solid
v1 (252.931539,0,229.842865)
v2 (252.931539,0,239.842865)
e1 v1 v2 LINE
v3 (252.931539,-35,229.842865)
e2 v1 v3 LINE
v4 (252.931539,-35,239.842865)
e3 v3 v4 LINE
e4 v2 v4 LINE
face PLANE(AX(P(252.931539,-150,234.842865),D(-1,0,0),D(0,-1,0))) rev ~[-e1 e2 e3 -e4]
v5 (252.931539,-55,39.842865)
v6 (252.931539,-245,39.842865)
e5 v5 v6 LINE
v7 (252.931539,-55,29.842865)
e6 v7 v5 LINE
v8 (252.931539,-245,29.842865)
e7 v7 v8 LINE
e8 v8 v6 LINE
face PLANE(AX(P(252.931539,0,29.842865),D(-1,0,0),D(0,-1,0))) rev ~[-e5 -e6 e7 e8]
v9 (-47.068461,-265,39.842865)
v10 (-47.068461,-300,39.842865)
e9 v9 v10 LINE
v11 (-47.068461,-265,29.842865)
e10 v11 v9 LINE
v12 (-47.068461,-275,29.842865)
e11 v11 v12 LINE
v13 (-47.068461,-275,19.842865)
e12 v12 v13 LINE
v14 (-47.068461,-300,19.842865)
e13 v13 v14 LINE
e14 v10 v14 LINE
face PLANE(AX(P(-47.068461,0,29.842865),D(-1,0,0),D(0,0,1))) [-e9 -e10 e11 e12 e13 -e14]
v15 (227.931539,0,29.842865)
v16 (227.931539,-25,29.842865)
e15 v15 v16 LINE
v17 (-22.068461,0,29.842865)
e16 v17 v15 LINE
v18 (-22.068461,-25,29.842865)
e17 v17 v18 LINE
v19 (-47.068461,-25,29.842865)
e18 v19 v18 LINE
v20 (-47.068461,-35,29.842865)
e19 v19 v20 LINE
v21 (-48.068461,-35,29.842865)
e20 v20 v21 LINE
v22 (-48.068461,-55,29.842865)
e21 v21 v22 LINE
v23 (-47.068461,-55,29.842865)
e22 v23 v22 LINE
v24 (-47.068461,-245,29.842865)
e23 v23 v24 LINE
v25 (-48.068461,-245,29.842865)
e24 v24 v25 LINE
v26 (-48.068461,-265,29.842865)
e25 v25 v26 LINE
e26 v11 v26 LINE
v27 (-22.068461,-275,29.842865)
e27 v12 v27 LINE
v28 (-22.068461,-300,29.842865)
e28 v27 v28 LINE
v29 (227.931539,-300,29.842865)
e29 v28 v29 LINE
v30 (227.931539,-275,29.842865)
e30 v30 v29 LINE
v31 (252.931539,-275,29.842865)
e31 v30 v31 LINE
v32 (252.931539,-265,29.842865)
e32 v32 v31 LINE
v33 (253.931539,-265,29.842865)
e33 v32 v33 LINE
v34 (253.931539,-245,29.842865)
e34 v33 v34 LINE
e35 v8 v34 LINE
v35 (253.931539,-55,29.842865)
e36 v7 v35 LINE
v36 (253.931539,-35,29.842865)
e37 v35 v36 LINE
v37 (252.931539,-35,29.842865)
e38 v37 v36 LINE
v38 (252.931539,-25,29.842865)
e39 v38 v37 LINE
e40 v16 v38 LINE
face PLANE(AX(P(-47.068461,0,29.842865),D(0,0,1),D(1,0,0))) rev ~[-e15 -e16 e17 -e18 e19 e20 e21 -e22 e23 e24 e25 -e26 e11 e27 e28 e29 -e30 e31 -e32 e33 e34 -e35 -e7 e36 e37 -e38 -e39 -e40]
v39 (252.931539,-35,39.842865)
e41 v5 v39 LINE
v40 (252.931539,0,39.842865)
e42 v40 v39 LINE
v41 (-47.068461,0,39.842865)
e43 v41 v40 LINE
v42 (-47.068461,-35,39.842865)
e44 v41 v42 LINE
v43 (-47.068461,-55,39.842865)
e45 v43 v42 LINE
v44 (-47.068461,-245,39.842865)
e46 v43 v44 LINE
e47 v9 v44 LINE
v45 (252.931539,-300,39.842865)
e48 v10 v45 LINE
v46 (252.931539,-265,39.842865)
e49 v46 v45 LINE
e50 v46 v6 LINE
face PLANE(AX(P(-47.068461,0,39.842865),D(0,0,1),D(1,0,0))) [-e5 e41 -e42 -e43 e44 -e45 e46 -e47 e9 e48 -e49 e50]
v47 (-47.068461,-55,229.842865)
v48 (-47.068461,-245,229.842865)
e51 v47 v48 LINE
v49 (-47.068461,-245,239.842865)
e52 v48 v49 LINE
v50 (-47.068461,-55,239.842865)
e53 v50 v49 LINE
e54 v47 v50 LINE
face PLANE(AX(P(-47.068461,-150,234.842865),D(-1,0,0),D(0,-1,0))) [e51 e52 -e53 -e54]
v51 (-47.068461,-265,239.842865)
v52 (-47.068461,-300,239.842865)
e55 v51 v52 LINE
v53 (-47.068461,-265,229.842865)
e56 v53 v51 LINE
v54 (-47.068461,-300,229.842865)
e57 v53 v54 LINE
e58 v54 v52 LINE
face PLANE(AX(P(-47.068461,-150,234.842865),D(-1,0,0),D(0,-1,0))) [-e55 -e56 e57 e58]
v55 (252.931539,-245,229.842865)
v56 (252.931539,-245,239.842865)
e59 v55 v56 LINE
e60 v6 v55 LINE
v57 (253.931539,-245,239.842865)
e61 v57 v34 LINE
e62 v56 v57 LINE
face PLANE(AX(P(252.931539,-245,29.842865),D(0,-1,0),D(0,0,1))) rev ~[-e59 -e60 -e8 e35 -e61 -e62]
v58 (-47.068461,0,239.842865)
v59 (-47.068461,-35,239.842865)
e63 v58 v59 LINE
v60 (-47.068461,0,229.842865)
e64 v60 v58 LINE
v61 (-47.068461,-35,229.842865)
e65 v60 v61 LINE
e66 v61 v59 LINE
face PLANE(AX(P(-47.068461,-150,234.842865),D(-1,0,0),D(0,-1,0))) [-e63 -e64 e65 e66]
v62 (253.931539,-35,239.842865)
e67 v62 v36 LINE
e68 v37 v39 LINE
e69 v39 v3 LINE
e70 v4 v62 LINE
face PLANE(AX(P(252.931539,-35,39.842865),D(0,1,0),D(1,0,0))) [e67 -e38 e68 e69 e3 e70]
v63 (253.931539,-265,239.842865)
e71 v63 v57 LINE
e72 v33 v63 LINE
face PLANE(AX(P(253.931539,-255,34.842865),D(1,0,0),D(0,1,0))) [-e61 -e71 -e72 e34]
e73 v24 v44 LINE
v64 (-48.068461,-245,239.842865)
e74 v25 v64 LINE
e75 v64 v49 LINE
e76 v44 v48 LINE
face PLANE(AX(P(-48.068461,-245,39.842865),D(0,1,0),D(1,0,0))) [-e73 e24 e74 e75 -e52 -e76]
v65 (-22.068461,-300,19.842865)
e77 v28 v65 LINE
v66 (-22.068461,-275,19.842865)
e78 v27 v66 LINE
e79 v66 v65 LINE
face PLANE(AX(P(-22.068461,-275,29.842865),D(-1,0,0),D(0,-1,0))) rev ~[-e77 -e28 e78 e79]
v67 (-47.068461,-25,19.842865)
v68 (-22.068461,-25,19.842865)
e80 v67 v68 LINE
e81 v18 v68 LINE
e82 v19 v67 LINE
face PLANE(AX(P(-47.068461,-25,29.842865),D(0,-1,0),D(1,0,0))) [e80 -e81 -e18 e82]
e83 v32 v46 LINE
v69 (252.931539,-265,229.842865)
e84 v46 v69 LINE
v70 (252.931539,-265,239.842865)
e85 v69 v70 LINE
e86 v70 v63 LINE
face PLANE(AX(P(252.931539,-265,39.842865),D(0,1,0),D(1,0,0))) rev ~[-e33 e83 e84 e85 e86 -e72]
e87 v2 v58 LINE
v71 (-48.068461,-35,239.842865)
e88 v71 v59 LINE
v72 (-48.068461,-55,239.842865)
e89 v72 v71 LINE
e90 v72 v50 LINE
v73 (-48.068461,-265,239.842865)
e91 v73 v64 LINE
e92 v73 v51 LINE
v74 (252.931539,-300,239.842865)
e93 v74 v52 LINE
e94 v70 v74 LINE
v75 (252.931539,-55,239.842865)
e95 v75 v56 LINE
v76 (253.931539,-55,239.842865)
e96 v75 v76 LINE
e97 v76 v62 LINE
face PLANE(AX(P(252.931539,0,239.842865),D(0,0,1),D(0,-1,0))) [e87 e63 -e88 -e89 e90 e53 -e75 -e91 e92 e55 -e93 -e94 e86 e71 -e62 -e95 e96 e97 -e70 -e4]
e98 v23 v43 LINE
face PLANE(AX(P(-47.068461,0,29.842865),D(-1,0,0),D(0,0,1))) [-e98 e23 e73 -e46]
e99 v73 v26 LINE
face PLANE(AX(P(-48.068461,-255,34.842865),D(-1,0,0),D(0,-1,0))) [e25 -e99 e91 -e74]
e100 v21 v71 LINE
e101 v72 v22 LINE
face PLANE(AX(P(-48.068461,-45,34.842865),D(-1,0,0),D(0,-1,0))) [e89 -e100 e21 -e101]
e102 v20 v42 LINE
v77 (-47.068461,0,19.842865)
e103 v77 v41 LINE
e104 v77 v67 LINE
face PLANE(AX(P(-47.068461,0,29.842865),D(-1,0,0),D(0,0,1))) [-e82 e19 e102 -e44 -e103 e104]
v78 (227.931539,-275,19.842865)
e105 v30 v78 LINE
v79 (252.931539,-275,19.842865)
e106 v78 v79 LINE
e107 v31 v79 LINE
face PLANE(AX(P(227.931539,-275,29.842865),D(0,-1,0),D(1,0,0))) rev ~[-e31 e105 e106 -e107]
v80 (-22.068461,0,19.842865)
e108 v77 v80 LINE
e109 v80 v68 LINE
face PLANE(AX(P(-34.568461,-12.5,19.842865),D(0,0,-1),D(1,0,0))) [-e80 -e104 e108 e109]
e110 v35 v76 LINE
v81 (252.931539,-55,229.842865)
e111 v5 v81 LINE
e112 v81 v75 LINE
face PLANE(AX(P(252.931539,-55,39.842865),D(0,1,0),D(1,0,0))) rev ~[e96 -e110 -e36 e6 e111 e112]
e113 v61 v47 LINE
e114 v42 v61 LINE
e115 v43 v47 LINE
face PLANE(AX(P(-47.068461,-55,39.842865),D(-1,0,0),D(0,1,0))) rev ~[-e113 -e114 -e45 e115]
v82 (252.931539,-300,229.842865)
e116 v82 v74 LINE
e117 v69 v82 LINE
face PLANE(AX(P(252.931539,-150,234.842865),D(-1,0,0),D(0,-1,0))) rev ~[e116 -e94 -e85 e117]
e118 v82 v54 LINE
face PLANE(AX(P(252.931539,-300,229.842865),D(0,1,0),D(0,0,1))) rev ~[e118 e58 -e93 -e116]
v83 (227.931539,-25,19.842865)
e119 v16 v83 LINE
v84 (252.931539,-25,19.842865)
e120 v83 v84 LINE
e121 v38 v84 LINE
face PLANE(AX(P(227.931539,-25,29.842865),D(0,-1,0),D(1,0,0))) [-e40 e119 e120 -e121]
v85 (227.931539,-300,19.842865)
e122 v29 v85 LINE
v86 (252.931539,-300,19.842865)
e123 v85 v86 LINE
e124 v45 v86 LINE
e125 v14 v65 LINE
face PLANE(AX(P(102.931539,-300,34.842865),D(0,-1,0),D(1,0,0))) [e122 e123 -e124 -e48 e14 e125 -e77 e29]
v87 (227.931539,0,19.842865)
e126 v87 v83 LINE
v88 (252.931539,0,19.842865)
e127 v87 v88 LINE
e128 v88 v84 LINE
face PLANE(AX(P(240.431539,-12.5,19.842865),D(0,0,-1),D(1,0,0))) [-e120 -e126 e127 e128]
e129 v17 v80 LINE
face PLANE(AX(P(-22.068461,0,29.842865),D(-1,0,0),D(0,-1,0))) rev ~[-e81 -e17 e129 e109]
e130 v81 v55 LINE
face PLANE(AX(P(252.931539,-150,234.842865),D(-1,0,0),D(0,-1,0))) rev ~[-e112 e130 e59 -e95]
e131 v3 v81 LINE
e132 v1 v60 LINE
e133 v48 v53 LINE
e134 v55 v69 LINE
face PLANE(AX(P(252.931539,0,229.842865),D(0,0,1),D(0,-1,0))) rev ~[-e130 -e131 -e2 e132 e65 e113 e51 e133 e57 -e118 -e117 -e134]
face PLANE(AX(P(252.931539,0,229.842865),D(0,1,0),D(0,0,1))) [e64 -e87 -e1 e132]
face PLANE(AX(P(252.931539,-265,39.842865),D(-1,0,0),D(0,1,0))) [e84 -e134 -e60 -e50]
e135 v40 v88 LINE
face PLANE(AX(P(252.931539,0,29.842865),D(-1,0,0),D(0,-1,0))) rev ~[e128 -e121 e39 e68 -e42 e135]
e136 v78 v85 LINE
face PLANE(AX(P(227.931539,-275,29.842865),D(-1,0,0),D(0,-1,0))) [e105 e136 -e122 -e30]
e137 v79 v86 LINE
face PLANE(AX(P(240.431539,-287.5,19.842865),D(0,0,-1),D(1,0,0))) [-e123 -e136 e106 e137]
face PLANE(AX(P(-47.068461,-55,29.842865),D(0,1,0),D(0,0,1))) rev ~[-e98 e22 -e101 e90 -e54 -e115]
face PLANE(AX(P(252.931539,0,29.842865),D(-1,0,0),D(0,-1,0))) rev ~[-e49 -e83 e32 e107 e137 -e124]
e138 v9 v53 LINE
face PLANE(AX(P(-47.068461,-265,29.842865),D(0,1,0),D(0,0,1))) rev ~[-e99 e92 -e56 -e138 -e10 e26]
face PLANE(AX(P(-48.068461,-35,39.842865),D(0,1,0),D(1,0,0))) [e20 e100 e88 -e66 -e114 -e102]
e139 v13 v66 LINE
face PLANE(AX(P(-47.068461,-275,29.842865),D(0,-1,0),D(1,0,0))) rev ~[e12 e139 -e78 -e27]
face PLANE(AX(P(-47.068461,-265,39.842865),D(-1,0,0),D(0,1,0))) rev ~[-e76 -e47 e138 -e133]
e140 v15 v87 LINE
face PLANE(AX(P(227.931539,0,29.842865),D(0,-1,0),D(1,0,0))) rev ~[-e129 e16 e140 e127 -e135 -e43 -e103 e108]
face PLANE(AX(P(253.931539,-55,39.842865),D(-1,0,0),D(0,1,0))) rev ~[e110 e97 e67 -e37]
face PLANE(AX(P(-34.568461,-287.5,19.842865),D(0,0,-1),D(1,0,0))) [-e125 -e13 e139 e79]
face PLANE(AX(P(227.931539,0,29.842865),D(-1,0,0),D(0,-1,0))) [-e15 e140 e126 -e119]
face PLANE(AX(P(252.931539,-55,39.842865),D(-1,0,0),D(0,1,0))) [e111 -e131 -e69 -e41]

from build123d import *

# Parameters (mm, degrees)
F0_W      = 300
F0_H      = 10
F1_DEPTH  = 300
F2_W      = 25
F2_H      = 25
F3_DEPTH  = 10
F4_W      = 20
F4_H      = 10
F5_DEPTH  = 1
F6_W      = 20
F6_H      = 10
F7_DEPTH  = 1
F8_W      = 1
F8_H      = 20
F9_DEPTH  = 200
F10_W     = 300
F10_H     = 10
F11_DEPTH = 300


with BuildPart() as f1:
    # F0 (on Front) → F1 (new body)
    with BuildSketch(Plane.XZ):
        with Locations((102.931539, 34.842865)):
            Rectangle(F0_W, F0_H)
    extrude(amount=F1_DEPTH)

    # F2 (on face) → F3 (join)
    with BuildSketch(Plane(origin=(0, 0, 29.842865), x_dir=(1, 0, 0), z_dir=(0, 0, -1))):
        with Locations((240.431539, 12.5)):
            Rectangle(F2_W, F2_H)
        with Locations((-34.568461, 12.5)):
            Rectangle(F2_W, F2_H)
        with Locations((240.431539, 287.5)):
            Rectangle(F2_W, F2_H)
        with Locations((-34.568461, 287.5)):
            Rectangle(F2_W, F2_H)
    extrude(amount=F3_DEPTH)

    # F4 (on face) → F5 (join)
    with BuildSketch(Plane.YZ.offset(252.931539)):
        with Locations((-45, 34.842865)):
            Rectangle(F4_W, F4_H)
        with Locations((-255, 34.842865)):
            Rectangle(F4_W, F4_H)
    extrude(amount=F5_DEPTH)

    # F6 (on face) → F7 (join)
    with BuildSketch(Plane(origin=(-47.068461, 0, 0), x_dir=(0, -1, 0), z_dir=(-1, 0, 0))):
        with Locations((45, 34.842865)):
            Rectangle(F6_W, F6_H)
        with Locations((255, 34.842865)):
            Rectangle(F6_W, F6_H)
    extrude(amount=F7_DEPTH)

    # F8 (on face) → F9 (join)
    with BuildSketch(Plane.XY.offset(39.842865)):
        with Locations((253.431539, -45)):
            Rectangle(F8_W, F8_H)
        with Locations((253.431539, -255)):
            Rectangle(F8_W, F8_H)
        with Locations((-47.568461, -255)):
            Rectangle(F8_W, F8_H)
        with Locations((-47.568461, -45)):
            Rectangle(F8_W, F8_H)
    extrude(amount=F9_DEPTH)

    # F10 (on face) → F11 (join)
    with BuildSketch(Plane(origin=(252.931539, 0, 0), x_dir=(0, -1, 0), z_dir=(-1, 0, 0))):
        with Locations((150, 234.842865)):
            Rectangle(F10_W, F10_H)
    extrude(amount=F11_DEPTH)


solid = f1.part
